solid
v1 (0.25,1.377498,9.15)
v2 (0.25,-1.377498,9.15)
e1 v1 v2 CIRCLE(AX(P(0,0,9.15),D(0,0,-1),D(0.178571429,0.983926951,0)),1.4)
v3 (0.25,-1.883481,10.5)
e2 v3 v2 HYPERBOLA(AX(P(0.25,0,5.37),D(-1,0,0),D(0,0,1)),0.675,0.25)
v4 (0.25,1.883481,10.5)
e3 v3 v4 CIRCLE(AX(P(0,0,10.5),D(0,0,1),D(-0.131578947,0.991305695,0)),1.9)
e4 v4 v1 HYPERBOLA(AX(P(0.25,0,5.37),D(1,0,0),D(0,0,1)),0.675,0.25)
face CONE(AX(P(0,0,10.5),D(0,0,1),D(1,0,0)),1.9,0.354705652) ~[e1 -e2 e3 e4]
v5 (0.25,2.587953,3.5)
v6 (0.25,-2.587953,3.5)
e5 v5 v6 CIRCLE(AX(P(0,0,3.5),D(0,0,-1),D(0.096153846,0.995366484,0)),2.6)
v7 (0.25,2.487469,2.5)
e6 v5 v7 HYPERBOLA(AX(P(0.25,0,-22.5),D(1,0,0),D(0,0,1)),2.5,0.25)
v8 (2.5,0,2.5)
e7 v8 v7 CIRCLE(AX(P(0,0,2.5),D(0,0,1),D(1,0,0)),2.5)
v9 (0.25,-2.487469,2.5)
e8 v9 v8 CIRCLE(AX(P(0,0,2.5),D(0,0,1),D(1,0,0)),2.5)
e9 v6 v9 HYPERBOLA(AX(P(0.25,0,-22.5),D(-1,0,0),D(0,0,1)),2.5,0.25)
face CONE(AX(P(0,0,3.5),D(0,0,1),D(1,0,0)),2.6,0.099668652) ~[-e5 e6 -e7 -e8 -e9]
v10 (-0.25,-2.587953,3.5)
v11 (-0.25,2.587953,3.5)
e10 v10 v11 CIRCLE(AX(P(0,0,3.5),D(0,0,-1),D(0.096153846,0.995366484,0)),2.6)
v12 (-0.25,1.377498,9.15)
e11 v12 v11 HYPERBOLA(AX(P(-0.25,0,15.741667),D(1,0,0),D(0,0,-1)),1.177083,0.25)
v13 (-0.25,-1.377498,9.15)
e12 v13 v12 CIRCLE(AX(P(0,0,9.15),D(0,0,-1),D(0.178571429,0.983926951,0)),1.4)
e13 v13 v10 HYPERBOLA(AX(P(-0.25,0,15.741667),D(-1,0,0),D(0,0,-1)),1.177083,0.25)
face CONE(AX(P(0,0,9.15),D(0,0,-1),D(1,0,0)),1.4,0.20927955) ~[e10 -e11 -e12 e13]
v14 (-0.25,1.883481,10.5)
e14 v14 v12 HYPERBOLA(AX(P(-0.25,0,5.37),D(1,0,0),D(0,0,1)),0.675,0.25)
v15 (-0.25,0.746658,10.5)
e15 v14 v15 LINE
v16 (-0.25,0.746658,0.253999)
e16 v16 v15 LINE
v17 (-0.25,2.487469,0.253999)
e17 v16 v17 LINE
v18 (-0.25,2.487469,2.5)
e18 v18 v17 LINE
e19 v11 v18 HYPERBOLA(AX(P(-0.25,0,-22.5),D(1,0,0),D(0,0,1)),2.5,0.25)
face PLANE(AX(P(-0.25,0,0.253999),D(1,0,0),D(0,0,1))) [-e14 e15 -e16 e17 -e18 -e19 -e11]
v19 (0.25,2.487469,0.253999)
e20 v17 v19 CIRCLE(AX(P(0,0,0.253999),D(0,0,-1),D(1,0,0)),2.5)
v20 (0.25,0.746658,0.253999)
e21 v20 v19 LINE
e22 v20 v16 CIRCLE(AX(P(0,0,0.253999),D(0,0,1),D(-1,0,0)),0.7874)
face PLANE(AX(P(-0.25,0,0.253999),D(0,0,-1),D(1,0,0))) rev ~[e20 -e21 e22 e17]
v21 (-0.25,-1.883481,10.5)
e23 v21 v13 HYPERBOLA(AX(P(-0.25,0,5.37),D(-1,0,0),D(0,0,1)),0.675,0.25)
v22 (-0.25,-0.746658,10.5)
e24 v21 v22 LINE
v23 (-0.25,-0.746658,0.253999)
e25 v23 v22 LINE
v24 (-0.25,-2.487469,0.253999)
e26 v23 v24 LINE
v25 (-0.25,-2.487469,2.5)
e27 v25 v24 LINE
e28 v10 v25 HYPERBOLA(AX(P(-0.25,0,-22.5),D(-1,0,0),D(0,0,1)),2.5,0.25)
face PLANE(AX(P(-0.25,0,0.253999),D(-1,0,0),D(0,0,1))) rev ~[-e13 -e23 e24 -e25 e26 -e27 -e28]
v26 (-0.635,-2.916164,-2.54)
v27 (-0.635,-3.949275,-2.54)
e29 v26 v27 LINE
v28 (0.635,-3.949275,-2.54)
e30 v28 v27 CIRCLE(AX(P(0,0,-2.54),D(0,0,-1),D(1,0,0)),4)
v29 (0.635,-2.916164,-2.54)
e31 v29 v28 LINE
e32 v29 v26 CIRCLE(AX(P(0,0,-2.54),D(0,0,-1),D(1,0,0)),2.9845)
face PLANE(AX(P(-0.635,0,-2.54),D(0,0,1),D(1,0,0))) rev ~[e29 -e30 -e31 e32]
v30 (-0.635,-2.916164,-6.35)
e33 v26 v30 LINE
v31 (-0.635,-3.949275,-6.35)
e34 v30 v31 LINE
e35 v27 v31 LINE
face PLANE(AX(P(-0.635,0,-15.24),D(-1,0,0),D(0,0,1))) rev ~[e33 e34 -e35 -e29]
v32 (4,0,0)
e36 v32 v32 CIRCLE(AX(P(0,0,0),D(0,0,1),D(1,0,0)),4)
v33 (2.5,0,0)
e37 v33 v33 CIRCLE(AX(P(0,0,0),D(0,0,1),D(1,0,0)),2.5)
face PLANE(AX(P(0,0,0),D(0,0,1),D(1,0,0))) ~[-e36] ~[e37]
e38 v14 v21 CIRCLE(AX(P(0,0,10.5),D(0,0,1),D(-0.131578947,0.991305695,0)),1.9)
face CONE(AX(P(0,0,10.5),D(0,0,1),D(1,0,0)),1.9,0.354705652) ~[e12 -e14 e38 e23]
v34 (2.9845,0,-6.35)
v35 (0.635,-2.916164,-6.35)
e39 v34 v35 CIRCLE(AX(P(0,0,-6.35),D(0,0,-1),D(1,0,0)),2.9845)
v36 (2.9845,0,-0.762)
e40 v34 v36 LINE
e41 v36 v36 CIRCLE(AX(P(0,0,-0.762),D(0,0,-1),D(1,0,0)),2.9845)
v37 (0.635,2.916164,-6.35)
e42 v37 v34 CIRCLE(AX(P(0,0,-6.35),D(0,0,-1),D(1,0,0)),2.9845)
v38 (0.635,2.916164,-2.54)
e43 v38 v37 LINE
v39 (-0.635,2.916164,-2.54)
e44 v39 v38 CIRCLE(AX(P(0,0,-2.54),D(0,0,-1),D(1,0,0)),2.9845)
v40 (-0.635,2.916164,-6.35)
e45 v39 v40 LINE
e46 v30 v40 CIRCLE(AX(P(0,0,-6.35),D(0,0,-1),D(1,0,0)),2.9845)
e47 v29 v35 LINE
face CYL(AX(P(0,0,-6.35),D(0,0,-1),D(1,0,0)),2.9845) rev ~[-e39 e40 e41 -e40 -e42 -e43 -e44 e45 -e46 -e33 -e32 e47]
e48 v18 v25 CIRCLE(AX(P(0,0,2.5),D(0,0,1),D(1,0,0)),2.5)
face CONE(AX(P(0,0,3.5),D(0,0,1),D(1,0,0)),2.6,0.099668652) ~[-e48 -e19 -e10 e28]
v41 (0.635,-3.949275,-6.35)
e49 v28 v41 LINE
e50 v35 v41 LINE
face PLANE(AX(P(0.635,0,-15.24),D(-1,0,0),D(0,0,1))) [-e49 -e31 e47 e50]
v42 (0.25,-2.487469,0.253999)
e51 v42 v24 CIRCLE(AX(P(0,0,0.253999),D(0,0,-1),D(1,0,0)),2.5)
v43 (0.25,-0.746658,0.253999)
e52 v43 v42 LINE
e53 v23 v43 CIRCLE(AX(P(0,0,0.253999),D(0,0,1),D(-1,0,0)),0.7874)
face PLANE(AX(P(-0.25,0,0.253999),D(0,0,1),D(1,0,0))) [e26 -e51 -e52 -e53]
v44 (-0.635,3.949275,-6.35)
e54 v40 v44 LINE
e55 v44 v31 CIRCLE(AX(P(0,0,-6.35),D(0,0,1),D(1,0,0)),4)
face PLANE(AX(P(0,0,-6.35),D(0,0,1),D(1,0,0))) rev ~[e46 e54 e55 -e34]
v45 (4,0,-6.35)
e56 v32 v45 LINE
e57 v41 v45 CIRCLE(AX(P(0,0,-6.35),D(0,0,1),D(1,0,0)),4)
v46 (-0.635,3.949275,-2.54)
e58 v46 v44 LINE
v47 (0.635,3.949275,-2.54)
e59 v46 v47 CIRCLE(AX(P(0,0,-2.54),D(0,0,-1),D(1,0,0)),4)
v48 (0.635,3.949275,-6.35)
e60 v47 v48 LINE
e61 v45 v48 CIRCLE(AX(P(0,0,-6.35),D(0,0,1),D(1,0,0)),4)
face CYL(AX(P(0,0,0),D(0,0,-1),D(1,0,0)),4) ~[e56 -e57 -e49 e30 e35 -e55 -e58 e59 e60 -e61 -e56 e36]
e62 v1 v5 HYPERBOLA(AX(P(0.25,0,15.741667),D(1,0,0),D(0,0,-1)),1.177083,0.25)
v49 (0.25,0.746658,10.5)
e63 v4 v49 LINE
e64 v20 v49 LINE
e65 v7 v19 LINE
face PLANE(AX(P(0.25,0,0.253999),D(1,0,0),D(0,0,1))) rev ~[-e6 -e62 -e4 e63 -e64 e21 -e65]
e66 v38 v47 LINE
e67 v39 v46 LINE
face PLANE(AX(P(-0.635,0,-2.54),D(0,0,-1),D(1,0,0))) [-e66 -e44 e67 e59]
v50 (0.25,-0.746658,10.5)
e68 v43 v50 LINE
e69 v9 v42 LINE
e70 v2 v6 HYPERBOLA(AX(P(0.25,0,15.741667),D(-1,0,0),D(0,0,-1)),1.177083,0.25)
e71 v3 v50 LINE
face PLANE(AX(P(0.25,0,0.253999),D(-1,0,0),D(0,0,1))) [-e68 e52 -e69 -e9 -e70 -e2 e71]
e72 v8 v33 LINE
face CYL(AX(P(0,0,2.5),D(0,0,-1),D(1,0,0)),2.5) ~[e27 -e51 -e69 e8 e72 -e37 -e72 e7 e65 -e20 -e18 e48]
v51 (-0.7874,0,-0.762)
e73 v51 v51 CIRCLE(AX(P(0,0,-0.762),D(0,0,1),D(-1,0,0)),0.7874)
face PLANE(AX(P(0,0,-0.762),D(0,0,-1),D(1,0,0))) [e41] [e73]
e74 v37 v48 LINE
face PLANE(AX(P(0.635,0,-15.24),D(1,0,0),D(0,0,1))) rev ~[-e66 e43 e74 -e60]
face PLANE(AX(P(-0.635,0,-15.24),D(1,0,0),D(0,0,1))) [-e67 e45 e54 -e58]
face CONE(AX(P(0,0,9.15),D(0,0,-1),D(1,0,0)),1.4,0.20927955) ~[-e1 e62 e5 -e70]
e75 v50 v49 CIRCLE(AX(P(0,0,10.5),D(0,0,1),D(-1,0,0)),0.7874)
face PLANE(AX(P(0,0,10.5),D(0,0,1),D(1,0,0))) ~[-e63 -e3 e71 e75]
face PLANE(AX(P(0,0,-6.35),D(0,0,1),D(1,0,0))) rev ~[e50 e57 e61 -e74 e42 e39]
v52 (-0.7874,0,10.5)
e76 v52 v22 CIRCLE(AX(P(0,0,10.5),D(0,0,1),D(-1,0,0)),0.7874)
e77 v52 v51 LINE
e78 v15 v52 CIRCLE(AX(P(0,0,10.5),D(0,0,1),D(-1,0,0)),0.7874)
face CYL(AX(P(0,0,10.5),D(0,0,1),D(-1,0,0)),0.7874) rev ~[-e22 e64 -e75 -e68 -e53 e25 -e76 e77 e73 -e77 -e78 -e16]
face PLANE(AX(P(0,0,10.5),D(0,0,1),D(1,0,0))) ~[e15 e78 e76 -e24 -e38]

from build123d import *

# Parameters (mm, degrees)
SKETCH001_R          = 2.9845
POCKET_DEPTH         = 5.588
SKETCH002_R          = 0.7874
POCKET001_DEPTH      = 16.851
SKETCH004_W          = 0.5
SKETCH004_H          = 12.688059
SKETCH004_H_2        = 6.122161
POCKET003_DEPTH      = 5.0038
POCKET003_DEPTH_BACK = -5.0038
SKETCH005_W          = 1.27
SKETCH005_H          = 12.7
POCKET004_DEPTH      = 25.4
POCKET004_DEPTH_BACK = -23.7998


with BuildPart() as part:
    # Sketch → Revolution (revolve)
    with BuildSketch(Plane.XZ):
        Polygon((2.5, 0), (4, 0), (4, -6.35), (0, -6.35), (0, 0), (0, 10.5), (1.9, 10.5), (1.4, 9.15), (2.6, 3.5), (2.5, 2.5), align=None)
    revolve(axis=Axis((0, 0, 0), (0, 0, 1)))

    # Sketch001 (on Face5 of Revolution) → Pocket (cut)
    with BuildSketch(Plane(origin=(0, 0, -6.35), x_dir=(1, 0, 0), z_dir=(0, 0, -1))):
        Circle(SKETCH001_R)
    extrude(amount=-POCKET_DEPTH, mode=Mode.SUBTRACT)

    # Sketch002 (on Face6 of Pocket) → Pocket001 (cut, through all)
    with BuildSketch(Plane(origin=(0, 0, 10.5), x_dir=(-1, 0, 0), z_dir=(0, 0, 1))):
        Circle(SKETCH002_R)
    extrude(amount=-POCKET001_DEPTH, mode=Mode.SUBTRACT)

    # Sketch004 → Pocket003 (cut, two sides)
    with BuildSketch(Plane.XZ) as pocket003_sk:
        with Locations((0, 6.598029)):
            Rectangle(SKETCH004_W, SKETCH004_H)
        with Locations((0, -13.475635)):
            Rectangle(SKETCH004_W, SKETCH004_H_2)
    extrude(amount=-POCKET003_DEPTH, mode=Mode.SUBTRACT)
    extrude(pocket003_sk.sketch, amount=-POCKET003_DEPTH_BACK, mode=Mode.SUBTRACT)

    # Sketch005 → Pocket004 (cut, two sides)
    with BuildSketch(Plane.XZ) as pocket004_sk:
        with Locations((0, -8.89)):
            Rectangle(SKETCH005_W, SKETCH005_H)
    extrude(amount=-POCKET004_DEPTH, mode=Mode.SUBTRACT)
    extrude(pocket004_sk.sketch, amount=-POCKET004_DEPTH_BACK, mode=Mode.SUBTRACT)


solid = part.part
